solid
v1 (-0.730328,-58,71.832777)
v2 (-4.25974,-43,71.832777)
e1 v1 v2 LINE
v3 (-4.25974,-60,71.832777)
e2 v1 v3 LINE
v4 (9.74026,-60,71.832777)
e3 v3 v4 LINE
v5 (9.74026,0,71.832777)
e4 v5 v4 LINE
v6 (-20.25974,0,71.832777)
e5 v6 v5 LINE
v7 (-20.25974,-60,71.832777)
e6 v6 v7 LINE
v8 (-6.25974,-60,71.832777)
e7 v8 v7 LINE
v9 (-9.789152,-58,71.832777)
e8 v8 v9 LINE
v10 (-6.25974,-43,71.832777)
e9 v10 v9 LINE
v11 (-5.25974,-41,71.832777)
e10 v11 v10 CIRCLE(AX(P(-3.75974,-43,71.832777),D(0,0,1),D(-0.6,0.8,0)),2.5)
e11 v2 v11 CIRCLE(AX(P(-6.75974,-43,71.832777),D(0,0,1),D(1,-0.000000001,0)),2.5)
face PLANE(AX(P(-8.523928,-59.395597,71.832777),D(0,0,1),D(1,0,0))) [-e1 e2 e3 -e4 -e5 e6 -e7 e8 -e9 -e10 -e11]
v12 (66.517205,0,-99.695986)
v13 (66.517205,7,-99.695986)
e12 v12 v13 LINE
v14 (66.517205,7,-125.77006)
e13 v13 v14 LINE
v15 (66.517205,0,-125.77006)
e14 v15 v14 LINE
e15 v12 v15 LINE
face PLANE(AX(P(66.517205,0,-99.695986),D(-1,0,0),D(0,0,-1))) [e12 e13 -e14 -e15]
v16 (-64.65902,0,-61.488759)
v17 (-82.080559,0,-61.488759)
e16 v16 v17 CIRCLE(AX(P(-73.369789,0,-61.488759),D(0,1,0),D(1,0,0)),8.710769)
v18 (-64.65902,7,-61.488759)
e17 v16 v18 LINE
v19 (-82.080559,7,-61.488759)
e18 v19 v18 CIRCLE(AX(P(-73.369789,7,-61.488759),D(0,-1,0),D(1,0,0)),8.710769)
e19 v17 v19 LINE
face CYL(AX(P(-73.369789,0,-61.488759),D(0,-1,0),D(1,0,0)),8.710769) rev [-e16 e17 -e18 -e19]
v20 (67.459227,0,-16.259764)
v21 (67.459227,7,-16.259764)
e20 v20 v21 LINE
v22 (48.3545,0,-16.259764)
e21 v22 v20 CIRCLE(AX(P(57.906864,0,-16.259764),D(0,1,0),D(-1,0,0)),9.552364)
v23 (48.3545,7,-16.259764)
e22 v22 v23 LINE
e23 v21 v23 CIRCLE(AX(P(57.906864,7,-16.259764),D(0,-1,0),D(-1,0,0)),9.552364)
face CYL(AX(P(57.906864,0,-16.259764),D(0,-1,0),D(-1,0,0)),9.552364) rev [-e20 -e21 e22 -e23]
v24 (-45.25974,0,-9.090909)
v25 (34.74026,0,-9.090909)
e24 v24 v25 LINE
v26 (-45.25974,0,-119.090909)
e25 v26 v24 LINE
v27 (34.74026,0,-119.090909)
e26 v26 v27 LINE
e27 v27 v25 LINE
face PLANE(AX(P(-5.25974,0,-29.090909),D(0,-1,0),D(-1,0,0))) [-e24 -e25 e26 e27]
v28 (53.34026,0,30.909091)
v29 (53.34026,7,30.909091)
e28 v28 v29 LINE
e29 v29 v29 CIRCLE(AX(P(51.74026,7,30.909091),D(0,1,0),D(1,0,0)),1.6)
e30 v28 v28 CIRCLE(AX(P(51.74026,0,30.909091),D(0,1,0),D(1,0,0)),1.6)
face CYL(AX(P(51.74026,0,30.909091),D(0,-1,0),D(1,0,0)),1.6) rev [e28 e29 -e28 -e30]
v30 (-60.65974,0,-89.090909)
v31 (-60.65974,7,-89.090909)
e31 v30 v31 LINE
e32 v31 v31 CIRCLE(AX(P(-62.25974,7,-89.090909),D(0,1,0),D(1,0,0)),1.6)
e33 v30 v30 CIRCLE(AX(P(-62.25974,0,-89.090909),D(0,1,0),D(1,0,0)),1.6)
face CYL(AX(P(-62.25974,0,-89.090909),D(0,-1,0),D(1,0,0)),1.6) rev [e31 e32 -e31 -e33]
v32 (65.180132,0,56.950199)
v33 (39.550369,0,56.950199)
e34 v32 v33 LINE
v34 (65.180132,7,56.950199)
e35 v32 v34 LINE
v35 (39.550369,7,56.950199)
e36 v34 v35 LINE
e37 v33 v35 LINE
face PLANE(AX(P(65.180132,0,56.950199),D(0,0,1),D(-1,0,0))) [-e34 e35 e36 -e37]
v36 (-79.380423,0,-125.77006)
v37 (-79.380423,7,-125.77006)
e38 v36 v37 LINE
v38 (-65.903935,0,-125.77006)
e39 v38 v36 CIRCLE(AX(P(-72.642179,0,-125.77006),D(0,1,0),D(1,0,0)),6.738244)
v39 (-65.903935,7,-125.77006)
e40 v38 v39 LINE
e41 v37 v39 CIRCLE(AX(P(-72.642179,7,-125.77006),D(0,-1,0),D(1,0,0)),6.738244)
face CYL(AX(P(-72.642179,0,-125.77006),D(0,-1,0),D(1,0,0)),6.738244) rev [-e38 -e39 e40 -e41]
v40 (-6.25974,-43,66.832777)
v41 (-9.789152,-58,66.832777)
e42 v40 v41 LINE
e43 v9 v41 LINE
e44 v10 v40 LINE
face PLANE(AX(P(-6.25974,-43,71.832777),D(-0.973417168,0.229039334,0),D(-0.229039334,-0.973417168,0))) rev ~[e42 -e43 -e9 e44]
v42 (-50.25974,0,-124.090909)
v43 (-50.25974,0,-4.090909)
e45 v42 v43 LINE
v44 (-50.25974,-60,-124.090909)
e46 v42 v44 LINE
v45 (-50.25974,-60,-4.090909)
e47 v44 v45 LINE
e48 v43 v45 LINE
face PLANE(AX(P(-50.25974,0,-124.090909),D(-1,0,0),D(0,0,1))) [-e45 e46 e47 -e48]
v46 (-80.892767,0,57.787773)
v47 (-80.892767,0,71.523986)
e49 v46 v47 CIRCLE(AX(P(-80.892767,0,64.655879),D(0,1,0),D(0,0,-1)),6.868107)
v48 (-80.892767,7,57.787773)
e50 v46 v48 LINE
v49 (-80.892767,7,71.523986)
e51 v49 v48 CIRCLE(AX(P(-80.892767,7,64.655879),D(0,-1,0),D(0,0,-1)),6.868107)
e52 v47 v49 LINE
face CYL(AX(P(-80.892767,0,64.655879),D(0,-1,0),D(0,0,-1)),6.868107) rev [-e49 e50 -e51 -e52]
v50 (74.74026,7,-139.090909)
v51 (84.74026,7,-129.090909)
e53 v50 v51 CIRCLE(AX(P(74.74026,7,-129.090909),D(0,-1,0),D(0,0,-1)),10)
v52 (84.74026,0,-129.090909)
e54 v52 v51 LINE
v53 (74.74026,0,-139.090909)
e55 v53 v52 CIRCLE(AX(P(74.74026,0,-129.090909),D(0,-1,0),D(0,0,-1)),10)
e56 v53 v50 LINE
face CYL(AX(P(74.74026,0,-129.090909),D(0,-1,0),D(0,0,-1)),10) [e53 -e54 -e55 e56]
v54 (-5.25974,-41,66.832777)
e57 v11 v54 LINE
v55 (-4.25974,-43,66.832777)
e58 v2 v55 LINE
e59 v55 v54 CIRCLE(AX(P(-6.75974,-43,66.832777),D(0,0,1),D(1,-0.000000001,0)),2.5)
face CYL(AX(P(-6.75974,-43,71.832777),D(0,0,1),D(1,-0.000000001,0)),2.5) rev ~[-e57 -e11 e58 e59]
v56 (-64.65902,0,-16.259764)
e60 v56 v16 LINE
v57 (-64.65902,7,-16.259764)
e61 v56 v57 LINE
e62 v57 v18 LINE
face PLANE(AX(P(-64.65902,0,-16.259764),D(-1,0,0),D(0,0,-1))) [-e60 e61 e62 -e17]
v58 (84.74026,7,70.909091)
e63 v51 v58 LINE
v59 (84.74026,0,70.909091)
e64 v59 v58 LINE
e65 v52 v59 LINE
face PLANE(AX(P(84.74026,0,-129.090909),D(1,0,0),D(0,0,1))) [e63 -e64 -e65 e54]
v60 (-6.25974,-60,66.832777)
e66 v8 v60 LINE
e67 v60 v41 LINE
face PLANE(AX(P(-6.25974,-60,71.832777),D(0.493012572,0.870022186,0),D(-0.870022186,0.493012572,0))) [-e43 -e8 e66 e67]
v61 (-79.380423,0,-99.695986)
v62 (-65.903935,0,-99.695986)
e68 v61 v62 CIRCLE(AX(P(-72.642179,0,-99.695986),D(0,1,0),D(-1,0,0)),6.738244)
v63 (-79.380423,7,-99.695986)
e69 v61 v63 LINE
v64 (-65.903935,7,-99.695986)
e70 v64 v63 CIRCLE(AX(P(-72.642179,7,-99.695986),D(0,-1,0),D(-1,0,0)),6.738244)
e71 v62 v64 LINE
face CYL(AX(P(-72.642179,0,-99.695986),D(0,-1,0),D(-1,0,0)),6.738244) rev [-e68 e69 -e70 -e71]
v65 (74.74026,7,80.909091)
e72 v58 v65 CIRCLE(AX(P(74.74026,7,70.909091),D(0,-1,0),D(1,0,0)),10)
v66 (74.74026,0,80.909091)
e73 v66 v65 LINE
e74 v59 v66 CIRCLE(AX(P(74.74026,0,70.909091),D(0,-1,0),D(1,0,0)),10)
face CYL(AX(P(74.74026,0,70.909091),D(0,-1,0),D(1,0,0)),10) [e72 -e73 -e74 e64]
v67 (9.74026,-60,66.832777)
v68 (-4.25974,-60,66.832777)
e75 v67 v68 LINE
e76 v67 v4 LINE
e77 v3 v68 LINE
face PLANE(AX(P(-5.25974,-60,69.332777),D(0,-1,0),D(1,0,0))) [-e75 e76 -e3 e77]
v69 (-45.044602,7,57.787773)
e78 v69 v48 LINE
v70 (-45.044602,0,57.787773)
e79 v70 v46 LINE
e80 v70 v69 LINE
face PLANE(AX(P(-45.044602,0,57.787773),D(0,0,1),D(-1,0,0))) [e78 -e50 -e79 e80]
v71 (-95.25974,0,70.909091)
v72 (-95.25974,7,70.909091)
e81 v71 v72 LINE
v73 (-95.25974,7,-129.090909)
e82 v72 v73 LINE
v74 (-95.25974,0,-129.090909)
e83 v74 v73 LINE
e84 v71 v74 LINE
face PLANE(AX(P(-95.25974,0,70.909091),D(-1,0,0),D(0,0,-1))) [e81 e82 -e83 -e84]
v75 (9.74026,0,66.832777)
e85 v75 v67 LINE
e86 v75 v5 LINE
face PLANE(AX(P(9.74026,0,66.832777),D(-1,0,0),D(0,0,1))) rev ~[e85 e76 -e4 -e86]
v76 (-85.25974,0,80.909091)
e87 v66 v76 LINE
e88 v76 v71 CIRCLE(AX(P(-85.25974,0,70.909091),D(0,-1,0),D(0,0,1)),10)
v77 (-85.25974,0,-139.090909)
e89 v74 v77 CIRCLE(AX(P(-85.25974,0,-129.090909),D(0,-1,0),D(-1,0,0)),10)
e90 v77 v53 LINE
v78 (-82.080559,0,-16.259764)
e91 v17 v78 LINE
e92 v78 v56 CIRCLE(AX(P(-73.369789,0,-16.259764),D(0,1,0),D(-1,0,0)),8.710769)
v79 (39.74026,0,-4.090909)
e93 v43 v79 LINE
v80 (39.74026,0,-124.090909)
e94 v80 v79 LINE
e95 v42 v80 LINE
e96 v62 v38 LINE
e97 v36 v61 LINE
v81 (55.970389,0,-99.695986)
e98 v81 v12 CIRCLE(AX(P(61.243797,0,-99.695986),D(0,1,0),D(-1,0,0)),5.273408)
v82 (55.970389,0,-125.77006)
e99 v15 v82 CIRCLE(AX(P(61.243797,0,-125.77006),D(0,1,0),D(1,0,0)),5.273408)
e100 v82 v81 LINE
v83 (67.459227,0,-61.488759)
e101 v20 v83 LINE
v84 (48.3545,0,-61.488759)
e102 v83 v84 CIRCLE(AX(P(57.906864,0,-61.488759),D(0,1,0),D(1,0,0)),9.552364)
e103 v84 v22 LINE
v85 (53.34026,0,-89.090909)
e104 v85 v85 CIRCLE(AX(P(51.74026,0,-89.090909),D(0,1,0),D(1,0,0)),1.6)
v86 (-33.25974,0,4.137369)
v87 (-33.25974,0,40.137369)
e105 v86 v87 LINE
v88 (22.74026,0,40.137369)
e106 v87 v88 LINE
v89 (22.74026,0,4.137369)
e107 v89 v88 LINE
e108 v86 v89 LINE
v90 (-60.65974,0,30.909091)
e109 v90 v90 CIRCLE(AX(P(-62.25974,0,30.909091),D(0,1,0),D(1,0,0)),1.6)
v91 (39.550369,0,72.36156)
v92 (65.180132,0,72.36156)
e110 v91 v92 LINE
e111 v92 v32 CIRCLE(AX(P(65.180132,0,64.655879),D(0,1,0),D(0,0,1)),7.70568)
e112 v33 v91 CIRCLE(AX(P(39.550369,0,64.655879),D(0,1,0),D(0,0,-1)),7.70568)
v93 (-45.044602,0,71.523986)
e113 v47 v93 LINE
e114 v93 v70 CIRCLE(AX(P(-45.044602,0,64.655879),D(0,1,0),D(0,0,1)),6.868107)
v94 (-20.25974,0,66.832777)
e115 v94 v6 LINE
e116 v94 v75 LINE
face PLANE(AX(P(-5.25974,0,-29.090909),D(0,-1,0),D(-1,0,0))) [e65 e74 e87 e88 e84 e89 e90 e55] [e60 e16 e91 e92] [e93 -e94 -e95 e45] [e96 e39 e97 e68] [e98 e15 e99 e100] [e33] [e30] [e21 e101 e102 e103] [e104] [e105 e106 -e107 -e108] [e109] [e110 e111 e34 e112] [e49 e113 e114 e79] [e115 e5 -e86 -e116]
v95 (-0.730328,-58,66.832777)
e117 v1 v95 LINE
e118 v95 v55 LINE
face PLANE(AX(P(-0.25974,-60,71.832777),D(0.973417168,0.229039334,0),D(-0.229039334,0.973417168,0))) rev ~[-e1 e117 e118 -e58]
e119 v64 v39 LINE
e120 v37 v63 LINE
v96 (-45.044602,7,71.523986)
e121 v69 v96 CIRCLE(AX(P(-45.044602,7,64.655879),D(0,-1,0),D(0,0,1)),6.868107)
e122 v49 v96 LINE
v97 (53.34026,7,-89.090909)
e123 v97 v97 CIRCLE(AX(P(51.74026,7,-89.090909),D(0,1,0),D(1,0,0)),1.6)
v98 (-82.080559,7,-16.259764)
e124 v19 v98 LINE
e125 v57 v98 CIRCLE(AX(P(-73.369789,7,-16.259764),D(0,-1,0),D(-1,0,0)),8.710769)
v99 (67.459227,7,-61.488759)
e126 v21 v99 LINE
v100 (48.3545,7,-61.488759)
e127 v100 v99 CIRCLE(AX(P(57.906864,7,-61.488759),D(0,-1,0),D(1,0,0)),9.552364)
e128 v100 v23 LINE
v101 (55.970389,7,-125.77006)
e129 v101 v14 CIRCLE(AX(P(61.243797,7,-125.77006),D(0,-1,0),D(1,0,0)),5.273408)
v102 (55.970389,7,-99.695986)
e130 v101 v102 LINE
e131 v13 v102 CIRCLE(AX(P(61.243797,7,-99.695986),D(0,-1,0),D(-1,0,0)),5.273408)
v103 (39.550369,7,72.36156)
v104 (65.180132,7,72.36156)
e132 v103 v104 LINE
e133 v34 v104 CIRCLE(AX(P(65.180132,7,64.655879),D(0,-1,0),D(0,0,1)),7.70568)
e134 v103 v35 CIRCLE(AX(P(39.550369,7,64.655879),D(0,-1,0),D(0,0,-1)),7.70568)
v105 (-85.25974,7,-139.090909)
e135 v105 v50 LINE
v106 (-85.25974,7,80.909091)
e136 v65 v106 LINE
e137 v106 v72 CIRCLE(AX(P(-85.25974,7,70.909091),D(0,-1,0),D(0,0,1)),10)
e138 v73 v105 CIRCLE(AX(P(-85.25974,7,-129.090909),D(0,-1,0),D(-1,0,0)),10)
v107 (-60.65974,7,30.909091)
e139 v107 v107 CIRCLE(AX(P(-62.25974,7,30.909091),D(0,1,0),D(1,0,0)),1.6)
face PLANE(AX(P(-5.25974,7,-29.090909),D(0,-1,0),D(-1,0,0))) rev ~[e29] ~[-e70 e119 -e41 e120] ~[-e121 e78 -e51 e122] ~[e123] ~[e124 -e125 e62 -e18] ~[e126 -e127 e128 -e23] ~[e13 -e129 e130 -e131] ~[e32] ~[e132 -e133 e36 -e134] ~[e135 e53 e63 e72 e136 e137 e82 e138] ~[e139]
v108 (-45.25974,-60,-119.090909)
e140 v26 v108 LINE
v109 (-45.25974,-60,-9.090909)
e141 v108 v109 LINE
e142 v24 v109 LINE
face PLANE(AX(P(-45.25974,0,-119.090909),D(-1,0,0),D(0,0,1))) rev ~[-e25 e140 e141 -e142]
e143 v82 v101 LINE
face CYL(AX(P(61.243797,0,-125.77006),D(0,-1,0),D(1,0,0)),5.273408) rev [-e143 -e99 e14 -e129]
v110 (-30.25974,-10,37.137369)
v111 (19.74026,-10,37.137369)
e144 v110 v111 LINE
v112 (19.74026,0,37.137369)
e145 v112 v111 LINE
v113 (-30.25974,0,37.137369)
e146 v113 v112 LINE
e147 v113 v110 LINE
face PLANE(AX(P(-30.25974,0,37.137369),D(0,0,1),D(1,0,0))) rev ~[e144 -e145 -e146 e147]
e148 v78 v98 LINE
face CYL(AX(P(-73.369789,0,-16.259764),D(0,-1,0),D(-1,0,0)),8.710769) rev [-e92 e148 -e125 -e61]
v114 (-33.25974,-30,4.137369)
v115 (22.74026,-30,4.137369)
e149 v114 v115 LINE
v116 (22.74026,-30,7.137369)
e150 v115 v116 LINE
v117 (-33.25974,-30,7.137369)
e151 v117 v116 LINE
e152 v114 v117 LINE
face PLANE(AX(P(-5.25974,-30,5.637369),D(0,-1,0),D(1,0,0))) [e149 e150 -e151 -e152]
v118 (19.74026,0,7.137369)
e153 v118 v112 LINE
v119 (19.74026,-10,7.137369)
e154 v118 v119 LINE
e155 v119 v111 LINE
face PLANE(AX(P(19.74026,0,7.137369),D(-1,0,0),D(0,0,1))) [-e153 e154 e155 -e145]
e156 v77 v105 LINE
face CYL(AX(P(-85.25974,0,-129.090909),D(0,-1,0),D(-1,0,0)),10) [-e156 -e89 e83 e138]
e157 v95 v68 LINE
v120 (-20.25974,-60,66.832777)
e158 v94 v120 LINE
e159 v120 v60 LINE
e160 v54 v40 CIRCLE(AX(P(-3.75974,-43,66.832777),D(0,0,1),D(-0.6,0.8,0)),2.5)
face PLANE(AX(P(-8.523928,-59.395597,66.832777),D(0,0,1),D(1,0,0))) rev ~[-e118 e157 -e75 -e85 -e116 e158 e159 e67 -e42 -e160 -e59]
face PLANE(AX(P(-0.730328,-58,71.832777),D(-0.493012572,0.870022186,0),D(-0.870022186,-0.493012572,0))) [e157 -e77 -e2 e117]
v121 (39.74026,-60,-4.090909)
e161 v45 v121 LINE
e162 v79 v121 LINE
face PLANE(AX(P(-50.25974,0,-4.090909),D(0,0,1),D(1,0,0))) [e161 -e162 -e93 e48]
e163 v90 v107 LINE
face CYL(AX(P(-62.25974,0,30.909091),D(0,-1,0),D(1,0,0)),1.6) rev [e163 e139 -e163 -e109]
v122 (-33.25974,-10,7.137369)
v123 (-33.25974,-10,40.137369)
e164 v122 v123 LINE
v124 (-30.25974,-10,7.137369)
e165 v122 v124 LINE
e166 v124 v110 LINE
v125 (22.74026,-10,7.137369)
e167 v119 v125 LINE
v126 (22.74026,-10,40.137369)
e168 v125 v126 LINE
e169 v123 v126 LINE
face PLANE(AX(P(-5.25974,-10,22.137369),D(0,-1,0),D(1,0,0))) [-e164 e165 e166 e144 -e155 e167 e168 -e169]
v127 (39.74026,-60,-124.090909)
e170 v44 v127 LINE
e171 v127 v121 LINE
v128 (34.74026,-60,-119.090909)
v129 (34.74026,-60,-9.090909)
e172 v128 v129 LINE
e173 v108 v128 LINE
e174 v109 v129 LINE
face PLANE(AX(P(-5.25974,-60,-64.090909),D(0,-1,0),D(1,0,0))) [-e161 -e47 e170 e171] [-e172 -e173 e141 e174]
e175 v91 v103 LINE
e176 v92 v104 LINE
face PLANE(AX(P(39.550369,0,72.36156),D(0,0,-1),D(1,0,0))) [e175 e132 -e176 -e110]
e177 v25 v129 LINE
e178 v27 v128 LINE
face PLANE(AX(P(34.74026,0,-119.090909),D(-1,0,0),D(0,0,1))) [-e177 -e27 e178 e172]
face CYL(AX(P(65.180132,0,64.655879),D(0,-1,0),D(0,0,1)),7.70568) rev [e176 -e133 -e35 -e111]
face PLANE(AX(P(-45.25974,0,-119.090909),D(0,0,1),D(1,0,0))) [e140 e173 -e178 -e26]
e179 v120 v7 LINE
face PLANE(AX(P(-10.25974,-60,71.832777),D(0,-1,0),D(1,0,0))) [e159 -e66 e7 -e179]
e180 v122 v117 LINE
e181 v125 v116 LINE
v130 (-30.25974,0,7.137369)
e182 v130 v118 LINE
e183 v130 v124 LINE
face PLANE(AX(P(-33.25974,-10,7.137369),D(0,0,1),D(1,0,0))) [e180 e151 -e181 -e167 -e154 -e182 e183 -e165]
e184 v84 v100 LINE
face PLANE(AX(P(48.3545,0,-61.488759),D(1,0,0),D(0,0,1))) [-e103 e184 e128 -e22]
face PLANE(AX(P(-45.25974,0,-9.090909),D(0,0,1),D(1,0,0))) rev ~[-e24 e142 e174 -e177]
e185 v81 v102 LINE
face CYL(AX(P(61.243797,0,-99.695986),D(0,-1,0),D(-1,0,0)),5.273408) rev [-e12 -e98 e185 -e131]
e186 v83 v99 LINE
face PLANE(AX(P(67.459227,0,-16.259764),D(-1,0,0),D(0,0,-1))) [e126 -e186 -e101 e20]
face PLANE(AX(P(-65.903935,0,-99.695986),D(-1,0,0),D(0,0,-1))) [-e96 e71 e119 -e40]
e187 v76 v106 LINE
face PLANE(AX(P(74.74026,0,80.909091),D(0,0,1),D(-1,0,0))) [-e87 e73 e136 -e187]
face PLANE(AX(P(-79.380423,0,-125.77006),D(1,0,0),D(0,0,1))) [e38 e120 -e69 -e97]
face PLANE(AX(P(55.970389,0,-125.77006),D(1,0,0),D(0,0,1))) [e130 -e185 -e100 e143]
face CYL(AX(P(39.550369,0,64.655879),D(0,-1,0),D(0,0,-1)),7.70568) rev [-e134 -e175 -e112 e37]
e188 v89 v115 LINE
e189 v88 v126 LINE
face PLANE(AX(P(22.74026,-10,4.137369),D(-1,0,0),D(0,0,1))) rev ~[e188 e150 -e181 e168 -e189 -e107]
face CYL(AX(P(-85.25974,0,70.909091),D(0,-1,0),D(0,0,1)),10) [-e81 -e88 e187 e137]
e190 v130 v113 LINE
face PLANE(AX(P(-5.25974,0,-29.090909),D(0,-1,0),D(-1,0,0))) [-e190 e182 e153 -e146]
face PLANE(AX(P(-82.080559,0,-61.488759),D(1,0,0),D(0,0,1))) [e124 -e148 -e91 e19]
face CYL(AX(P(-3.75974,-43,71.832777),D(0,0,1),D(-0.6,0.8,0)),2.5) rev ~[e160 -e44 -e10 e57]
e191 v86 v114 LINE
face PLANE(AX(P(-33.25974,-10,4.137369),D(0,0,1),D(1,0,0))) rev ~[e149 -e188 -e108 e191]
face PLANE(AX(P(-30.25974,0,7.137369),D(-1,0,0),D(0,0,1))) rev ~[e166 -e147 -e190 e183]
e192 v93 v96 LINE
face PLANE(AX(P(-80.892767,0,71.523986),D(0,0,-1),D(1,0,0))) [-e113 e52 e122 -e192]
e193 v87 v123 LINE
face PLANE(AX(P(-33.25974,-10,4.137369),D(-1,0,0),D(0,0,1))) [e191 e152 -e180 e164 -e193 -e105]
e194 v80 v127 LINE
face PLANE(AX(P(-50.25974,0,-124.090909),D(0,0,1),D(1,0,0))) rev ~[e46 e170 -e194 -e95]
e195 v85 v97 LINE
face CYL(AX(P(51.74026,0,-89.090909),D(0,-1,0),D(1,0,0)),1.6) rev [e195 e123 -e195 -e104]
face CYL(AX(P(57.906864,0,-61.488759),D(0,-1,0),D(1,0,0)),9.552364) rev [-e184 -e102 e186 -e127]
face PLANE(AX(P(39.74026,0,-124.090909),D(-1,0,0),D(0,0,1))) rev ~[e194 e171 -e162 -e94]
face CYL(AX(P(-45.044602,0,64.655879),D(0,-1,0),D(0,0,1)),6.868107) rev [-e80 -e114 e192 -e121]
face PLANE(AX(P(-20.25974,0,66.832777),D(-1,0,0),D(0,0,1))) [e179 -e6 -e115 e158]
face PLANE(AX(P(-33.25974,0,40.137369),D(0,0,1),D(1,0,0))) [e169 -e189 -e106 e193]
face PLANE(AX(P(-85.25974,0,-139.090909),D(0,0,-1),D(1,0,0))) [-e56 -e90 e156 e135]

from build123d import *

# Parameters (mm, degrees)
SKETCH_1_R          = 1.6
EXTRUDE_1_DEPTH     = 7
SKETCH_2_W          = 90
SKETCH_2_H          = 120
SKETCH_2_W_2        = 80
SKETCH_2_H_2        = 110
EXTRUDE_2_DEPTH     = 60
SKETCH_3_W          = 56
SKETCH_3_H          = 36
SKETCH_3_W_2        = 50
SKETCH_3_H_2        = 30
EXTRUDE_3_DEPTH     = 10
SKETCH_5_W          = 56
SKETCH_5_H          = 3
EXTRUDE_4_DEPTH     = 20
SKETCH_6_W          = 30
SKETCH_6_H          = 5
EXTRUDE_5_DEPTH     = 60
CUT_EXTRUDE_1_DEPTH = 10
EXTRUDE_6_DEPTH     = 5
CUT_EXTRUDE_2_DEPTH = 10
CUT_EXTRUDE_3_DEPTH = 10
CUT_EXTRUDE_4_DEPTH = 10


with BuildPart() as part:
    # 草图1 → 凸台-拉伸1 (new body)
    with BuildSketch(Plane(origin=(0, 0, 0), x_dir=(1, 0, 0), z_dir=(0, 1, 0))):
        with BuildLine():
            Line((-85.25974026, 139.090909091), (74.74025974, 139.090909091))
            ThreePointArc((74.74025974, 139.090909091), (81.811327552, 136.161976903), (84.74025974, 129.090909091))
            Line((84.74025974, 129.090909091), (84.74025974, -70.909090909))
            ThreePointArc((84.74025974, -70.909090909), (81.811327552, -77.980158721), (74.74025974, -80.909090909))
            Line((74.74025974, -80.909090909), (-85.25974026, -80.909090909))
            ThreePointArc((-85.25974026, -80.909090909), (-92.330808072, -77.980158721), (-95.25974026, -70.909090909))
            Line((-95.25974026, -70.909090909), (-95.25974026, 129.090909091))
            ThreePointArc((-95.25974026, 129.090909091), (-92.330808072, 136.161976903), (-85.25974026, 139.090909091))
        make_face()
        with Locations((-62.25974026, 89.090909091)):
            Circle(SKETCH_1_R, mode=Mode.SUBTRACT)
        with Locations((51.74025974, 89.090909091)):
            Circle(SKETCH_1_R, mode=Mode.SUBTRACT)
        with Locations((-62.25974026, -30.909090909)):
            Circle(SKETCH_1_R, mode=Mode.SUBTRACT)
        with Locations((51.74025974, -30.909090909)):
            Circle(SKETCH_1_R, mode=Mode.SUBTRACT)
    extrude(amount=EXTRUDE_1_DEPTH)

    # 草图2 → 凸台-拉伸2 (add)
    with BuildSketch(Plane.XZ):
        with Locations((-5.25974026, -64.090909091)):
            Rectangle(SKETCH_2_W, SKETCH_2_H)
        with Locations((-5.25974026, -64.090909091)):
            Rectangle(SKETCH_2_W_2, SKETCH_2_H_2, mode=Mode.SUBTRACT)
    extrude(amount=EXTRUDE_2_DEPTH)

    # 草图3 → 凸台-拉伸3 (add)
    with BuildSketch(Plane.XZ):
        with Locations((-5.25974026, 22.137368895)):
            Rectangle(SKETCH_3_W, SKETCH_3_H)
        with Locations((-5.25974026, 22.137368895)):
            Rectangle(SKETCH_3_W_2, SKETCH_3_H_2, mode=Mode.SUBTRACT)
    extrude(amount=EXTRUDE_3_DEPTH)

    # 草图5 → 凸台-拉伸4 (add)
    with BuildSketch(Plane.XZ.offset(10)):
        with Locations((-5.25974026, 5.637368895)):
            Rectangle(SKETCH_5_W, SKETCH_5_H)
    extrude(amount=EXTRUDE_4_DEPTH)

    # 草图6 → 凸台-拉伸5 (add)
    with BuildSketch(Plane.XZ):
        with Locations((-5.25974026, 69.33277689)):
            Rectangle(SKETCH_6_W, SKETCH_6_H)
    extrude(amount=EXTRUDE_5_DEPTH)

    # 草图8 → 切除-拉伸1 (cut)
    with BuildSketch(Plane.XY.offset(71.83277689)):
        with BuildLine():
            Line((-6.25974026, -43), (-10.25974026, -60))
            Line((-10.25974026, -60), (-0.25974026, -60))
            Line((-0.25974026, -60), (-4.25974026, -43))
            ThreePointArc((-4.25974026, -43), (-4.523672282, -41.881966011), (-5.25974026, -41))
            ThreePointArc((-5.25974026, -41), (-5.995808237, -41.881966011), (-6.25974026, -43))
        make_face()
    extrude(amount=-CUT_EXTRUDE_1_DEPTH, mode=Mode.SUBTRACT)

    # 草图9 → 凸台-拉伸6 (add)
    with BuildSketch(Plane.XY.offset(71.83277689)):
        Polygon((-6.25974026, -60), (-9.789152024, -58), (-10.25974026, -60), align=None)
        Polygon((-4.25974026, -60), (-0.25974026, -60), (-0.730328495, -58), align=None)
    extrude(amount=-EXTRUDE_6_DEPTH)

    # 草图10 → 切除-拉伸2 (cut)
    with BuildSketch(Plane.XZ):
        with BuildLine():
            Line((-64.659020205, -16.259764427), (-64.659020205, -61.488758584))
            ThreePointArc((-64.659020205, -61.488758584), (-73.36978945, -70.199527829), (-82.080558695, -61.488758584))
            Line((-82.080558695, -61.488758584), (-82.080558695, -16.259764427))
            ThreePointArc((-82.080558695, -16.259764427), (-73.36978945, -7.548995182), (-64.659020205, -16.259764427))
        make_face()
        with BuildLine():
            Line((67.459227113, -16.259764427), (67.459227113, -61.488758584))
            ThreePointArc((67.459227113, -61.488758584), (57.906863547, -71.04112215), (48.354499981, -61.488758584))
            Line((48.354499981, -61.488758584), (48.354499981, -16.259764427))
            ThreePointArc((48.354499981, -16.259764427), (57.906863547, -6.707400861), (67.459227113, -16.259764427))
        make_face()
    extrude(amount=-CUT_EXTRUDE_2_DEPTH, mode=Mode.SUBTRACT)

    # 草图11 → 切除-拉伸3 (cut)
    with BuildSketch(Plane.XZ):
        with BuildLine():
            Line((-80.892767317, 71.523985845), (-45.044601578, 71.523985845))
            ThreePointArc((-45.044601578, 71.523985845), (-38.176495058, 64.655879325), (-45.044601578, 57.787772805))
            Line((-45.044601578, 57.787772805), (-80.892767317, 57.787772805))
            ThreePointArc((-80.892767317, 57.787772805), (-87.760873837, 64.655879325), (-80.892767317, 71.523985845))
        make_face()
        with BuildLine():
            Line((39.550368976, 72.361559811), (65.180132332, 72.361559811))
            ThreePointArc((65.180132332, 72.361559811), (72.885812818, 64.655879325), (65.180132332, 56.950198839))
            Line((65.180132332, 56.950198839), (39.550368976, 56.950198839))
            ThreePointArc((39.550368976, 56.950198839), (31.84468849, 64.655879325), (39.550368976, 72.361559811))
        make_face()
    extrude(amount=-CUT_EXTRUDE_3_DEPTH, mode=Mode.SUBTRACT)

    # 草图12 → 切除-拉伸4 (cut)
    with BuildSketch(Plane.XZ):
        with BuildLine():
            Line((-65.903935016, -99.695986078), (-65.903935016, -125.770060152))
            ThreePointArc((-65.903935016, -125.770060152), (-72.642178878, -132.508304014), (-79.38042274, -125.770060152))
            Line((-79.38042274, -125.770060152), (-79.38042274, -99.695986078))
            ThreePointArc((-79.38042274, -99.695986078), (-72.642178878, -92.957742216), (-65.903935016, -99.695986078))
        make_face()
        with BuildLine():
            Line((66.517205225, -99.695986078), (66.517205225, -125.770060152))
            ThreePointArc((66.517205225, -125.770060152), (61.243796985, -131.043468392), (55.970388746, -125.770060152))
            Line((55.970388746, -125.770060152), (55.970388746, -99.695986078))
            ThreePointArc((55.970388746, -99.695986078), (61.243796985, -94.422577838), (66.517205225, -99.695986078))
        make_face()
    extrude(amount=-CUT_EXTRUDE_4_DEPTH, mode=Mode.SUBTRACT)


solid = part.part
